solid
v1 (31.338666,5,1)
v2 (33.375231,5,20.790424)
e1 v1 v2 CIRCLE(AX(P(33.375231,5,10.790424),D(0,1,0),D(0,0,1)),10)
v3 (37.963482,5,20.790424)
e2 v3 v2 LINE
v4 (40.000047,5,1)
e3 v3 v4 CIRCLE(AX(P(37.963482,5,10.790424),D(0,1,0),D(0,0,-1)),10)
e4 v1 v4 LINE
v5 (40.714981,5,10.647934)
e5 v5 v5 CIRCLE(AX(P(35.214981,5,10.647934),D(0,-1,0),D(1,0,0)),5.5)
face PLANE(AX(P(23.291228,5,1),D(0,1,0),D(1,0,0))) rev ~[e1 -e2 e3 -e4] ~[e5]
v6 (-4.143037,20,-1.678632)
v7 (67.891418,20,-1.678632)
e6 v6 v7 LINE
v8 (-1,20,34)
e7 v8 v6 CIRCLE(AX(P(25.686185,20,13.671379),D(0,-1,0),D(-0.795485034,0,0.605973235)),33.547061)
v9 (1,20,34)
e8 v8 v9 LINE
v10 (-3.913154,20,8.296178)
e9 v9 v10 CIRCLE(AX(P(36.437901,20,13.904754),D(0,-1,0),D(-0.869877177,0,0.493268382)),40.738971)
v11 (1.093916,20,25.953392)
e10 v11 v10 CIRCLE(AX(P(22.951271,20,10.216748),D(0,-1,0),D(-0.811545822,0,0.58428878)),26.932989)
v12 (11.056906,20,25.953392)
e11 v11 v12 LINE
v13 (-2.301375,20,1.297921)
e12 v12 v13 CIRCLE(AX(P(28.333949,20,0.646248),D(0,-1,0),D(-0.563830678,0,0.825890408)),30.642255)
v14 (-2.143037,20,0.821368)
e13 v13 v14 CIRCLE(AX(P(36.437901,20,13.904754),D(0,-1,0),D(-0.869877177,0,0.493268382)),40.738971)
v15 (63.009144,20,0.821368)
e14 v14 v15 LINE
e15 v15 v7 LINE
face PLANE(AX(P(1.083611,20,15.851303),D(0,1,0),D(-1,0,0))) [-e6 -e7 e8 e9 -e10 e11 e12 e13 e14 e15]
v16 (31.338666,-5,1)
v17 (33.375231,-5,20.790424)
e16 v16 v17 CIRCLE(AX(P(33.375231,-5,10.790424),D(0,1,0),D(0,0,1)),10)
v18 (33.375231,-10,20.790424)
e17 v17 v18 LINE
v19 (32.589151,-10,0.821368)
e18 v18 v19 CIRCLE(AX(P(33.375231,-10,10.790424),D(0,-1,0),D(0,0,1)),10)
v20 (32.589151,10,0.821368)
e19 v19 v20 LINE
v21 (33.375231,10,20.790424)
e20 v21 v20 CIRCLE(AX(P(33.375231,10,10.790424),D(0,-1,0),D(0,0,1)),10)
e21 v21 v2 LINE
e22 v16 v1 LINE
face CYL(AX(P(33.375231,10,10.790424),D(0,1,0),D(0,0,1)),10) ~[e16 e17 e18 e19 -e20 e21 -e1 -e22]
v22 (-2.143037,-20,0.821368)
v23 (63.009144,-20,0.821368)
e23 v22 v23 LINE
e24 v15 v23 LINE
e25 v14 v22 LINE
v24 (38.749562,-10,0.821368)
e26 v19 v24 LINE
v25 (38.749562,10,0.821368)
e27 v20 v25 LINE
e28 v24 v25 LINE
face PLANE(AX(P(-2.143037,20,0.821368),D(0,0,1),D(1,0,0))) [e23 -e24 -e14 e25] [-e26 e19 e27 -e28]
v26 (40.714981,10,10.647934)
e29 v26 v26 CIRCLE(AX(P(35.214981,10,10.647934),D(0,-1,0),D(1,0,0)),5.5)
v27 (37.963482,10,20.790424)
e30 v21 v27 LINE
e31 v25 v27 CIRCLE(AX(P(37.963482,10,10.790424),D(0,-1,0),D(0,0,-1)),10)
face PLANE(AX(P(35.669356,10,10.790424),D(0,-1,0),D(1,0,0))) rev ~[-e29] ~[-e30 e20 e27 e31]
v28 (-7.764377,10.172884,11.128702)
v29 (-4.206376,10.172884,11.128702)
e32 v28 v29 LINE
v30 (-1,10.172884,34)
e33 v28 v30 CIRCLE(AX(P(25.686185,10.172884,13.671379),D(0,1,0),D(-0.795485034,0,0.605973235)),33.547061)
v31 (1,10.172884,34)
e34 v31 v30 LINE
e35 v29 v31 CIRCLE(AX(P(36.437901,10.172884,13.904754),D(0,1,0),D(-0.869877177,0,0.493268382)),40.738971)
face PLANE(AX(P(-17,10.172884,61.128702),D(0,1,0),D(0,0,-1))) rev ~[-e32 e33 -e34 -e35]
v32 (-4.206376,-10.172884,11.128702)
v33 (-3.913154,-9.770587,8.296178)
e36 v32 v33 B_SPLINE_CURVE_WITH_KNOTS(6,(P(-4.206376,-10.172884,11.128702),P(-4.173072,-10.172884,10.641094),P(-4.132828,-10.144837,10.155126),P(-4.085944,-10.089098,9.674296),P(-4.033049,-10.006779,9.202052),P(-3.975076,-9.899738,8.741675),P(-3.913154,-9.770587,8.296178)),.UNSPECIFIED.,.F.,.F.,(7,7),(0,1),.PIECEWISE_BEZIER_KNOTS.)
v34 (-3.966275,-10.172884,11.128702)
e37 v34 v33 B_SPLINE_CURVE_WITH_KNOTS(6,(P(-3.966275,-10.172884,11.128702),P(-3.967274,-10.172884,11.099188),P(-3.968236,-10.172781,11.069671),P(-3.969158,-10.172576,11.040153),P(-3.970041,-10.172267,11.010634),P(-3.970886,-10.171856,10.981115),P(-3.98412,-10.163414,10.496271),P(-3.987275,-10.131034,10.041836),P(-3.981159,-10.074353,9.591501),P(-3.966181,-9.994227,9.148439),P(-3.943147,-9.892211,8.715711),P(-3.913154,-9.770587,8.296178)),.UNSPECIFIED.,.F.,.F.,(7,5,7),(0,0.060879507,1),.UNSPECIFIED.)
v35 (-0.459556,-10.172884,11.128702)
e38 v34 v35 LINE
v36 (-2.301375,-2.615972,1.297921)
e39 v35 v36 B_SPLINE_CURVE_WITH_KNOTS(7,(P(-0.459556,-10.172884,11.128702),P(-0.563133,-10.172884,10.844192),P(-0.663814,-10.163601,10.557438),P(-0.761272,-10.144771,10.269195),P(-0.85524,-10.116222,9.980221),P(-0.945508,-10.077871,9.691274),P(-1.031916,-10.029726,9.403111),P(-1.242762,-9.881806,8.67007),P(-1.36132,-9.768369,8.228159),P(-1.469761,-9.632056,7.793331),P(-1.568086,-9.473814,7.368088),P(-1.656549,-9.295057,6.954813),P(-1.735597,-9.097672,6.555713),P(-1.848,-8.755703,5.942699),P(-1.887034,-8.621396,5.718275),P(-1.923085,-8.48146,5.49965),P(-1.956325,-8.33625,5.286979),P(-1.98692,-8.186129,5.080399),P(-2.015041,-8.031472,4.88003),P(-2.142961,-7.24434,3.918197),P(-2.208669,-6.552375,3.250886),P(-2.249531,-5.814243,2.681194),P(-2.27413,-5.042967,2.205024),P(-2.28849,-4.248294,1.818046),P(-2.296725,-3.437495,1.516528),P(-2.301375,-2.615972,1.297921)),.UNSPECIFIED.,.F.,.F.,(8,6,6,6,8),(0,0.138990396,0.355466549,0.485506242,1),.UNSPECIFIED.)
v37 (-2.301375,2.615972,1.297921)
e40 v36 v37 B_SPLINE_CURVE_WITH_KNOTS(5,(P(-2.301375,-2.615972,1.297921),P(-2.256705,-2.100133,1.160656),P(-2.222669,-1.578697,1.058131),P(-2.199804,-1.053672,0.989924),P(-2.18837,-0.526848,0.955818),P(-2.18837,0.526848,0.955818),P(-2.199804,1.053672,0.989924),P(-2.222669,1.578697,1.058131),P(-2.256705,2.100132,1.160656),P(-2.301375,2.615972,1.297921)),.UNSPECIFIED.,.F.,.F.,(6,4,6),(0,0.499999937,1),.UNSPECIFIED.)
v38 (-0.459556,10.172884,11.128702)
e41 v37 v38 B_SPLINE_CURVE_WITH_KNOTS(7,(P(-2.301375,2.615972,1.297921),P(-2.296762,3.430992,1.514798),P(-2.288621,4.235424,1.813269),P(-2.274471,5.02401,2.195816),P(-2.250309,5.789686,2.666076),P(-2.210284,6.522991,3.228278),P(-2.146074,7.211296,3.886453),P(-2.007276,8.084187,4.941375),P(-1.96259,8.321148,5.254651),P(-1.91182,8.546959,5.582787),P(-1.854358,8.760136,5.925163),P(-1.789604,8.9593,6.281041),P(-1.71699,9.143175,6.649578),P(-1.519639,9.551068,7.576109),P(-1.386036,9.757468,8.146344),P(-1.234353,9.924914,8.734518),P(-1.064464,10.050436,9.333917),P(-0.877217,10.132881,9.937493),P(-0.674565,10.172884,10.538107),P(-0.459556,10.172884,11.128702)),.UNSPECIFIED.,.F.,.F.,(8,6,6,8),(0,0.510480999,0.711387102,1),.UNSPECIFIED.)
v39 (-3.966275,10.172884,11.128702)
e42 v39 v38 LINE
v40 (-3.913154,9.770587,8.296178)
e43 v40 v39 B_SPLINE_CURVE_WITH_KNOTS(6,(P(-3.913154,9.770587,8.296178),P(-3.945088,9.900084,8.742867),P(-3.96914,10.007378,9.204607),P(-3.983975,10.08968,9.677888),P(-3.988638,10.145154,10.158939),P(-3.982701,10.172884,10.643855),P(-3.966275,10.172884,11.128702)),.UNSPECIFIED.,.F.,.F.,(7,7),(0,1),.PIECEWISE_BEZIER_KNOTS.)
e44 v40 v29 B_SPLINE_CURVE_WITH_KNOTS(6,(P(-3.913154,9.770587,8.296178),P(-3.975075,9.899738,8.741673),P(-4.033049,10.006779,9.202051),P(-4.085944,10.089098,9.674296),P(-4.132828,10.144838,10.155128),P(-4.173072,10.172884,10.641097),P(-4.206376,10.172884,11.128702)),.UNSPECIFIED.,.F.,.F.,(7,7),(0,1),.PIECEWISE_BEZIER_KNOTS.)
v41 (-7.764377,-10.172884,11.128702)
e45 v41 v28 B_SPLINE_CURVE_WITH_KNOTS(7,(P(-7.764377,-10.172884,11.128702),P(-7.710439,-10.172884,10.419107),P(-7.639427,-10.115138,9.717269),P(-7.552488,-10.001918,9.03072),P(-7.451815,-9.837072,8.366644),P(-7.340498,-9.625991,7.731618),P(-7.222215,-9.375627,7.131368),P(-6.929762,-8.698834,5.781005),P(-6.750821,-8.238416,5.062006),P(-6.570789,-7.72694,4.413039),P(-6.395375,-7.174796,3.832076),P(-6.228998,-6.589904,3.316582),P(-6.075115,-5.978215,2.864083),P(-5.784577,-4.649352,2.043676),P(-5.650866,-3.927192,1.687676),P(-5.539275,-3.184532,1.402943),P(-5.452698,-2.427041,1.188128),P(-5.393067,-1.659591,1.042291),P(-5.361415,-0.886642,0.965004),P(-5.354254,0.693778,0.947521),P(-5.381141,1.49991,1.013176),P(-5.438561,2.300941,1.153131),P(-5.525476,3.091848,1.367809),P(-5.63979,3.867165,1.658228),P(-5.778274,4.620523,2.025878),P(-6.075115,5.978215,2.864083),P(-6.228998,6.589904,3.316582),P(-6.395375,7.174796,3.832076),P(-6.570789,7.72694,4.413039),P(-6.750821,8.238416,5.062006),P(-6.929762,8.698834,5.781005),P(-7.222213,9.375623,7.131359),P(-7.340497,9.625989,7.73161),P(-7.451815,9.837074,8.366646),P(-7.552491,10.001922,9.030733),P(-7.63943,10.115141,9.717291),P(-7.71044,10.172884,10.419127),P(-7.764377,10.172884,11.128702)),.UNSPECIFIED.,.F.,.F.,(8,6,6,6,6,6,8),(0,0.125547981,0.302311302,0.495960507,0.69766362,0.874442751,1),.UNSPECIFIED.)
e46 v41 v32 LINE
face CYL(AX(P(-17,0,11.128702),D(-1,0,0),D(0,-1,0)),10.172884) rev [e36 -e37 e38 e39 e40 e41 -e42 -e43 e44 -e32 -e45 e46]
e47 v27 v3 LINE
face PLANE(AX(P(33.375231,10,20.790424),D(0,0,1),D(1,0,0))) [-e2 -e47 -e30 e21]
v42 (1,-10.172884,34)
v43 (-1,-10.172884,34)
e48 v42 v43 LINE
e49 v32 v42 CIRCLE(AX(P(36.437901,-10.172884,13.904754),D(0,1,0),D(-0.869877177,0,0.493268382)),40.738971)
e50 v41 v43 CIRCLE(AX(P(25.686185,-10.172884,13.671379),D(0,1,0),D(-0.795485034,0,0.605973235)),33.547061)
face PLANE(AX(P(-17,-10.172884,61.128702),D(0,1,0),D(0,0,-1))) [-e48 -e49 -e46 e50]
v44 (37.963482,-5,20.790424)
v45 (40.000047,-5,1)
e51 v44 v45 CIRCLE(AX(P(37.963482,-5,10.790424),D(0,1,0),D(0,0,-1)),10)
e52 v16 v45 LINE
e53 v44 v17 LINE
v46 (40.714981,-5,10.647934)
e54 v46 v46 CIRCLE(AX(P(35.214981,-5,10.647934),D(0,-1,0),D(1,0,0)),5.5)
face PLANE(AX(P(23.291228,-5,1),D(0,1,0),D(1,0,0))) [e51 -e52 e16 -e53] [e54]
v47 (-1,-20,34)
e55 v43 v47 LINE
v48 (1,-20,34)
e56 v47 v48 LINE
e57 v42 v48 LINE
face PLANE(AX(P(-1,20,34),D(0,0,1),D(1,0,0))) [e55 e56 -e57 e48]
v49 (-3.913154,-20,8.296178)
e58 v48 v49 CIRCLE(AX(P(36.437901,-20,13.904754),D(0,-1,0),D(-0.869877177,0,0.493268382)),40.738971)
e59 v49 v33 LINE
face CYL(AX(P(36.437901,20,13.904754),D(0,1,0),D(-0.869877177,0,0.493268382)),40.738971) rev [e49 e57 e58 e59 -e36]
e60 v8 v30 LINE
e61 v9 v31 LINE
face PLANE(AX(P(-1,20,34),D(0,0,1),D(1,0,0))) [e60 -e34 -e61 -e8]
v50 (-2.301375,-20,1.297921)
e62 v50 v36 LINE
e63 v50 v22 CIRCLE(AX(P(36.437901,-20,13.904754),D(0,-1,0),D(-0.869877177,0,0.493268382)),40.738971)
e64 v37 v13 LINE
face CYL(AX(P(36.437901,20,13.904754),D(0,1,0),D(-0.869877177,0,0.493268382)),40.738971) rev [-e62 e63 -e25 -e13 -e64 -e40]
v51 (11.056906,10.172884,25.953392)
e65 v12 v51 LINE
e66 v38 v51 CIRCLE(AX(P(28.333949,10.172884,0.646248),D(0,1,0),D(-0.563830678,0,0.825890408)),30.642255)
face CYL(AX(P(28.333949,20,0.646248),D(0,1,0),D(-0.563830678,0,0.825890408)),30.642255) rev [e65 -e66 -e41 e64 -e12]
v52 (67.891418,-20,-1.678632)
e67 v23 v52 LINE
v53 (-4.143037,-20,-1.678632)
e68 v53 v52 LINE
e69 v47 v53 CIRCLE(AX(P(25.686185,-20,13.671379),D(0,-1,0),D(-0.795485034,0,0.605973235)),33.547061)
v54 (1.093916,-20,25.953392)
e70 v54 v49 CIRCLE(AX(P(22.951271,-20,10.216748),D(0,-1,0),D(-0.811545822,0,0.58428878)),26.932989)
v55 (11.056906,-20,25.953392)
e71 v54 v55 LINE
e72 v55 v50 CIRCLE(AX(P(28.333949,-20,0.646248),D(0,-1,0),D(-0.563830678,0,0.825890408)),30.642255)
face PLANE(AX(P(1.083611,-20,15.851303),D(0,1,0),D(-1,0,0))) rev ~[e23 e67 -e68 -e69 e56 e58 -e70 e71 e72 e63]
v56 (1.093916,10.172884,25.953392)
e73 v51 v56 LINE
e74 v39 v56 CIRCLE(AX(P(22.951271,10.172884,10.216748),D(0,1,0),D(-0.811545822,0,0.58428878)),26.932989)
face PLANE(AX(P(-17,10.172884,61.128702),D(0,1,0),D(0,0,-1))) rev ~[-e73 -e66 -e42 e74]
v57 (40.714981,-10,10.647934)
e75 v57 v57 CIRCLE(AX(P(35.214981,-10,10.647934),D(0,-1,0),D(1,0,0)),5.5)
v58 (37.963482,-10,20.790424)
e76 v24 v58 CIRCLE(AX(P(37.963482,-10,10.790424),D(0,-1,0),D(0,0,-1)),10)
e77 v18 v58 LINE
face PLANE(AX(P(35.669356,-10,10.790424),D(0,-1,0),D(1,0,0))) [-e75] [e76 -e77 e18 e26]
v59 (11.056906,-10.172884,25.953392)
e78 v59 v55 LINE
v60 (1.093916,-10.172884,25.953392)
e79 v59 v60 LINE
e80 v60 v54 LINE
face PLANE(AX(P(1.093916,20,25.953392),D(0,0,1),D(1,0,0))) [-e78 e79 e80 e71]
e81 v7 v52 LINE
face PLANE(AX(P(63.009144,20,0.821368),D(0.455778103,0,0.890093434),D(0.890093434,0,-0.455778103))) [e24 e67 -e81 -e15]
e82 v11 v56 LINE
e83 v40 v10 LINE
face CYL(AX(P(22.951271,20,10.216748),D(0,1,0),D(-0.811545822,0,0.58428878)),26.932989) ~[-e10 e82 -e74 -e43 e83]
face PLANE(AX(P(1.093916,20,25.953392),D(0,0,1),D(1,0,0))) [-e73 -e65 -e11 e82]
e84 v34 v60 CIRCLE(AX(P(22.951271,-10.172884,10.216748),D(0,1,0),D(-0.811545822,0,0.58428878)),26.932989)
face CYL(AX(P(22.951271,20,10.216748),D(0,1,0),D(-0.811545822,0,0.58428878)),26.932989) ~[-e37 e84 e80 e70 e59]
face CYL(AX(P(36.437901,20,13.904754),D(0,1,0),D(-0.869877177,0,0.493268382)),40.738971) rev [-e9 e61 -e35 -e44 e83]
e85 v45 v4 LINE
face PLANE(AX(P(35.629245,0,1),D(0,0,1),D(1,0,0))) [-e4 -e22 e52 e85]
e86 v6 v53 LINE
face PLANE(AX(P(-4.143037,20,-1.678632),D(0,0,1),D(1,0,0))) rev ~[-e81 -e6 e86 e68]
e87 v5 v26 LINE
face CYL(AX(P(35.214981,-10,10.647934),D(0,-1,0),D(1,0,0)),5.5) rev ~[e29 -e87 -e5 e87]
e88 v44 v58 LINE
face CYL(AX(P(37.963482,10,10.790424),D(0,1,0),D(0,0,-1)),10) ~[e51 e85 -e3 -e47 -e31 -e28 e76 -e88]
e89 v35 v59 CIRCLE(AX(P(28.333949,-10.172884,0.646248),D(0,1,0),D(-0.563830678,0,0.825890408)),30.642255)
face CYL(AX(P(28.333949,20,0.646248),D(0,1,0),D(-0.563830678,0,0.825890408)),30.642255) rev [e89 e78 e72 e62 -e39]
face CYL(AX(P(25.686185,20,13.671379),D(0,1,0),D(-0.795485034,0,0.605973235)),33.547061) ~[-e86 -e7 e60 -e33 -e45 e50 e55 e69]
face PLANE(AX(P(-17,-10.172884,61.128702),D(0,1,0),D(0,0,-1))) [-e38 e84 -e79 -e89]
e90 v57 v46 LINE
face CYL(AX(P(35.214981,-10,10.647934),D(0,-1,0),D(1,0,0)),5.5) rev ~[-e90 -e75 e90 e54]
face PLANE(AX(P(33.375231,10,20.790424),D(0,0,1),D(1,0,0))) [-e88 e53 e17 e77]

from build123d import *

# Parameters (mm, degrees)
PAD008_DEPTH = 30
SKETCH003_W  = 24.676034
SKETCH003_H  = 10
PAD002_DEPTH = 25
PAD001_DEPTH = 20
SKETCH002_R  = 5.5
POCKET_DEPTH = 24
PAD007_DEPTH = 40
PAD_DEPTH    = 40


with BuildPart() as pad008:
    # Sketch009 → Pad008 (new body)
    with BuildSketch(Plane.YZ.offset(-17)):
        with BuildLine():
            ThreePointArc((10.172884, 61.128702), (0, 71.301585), (-10.172884, 61.128702))
            Line((-10.172884, 61.128702), (-10.172884, 11.128702))
            ThreePointArc((-10.172884, 11.128702), (0, 0.955818), (10.172884, 11.128702))
            Line((10.172884, 61.128702), (10.172884, 11.128702))
        make_face()
    extrude(amount=PAD008_DEPTH)


with BuildPart() as pad002:
    # Sketch003 → Pad002 (new body)
    with BuildSketch(Plane(origin=(10, 0, 1), x_dir=(1, 0, 0), z_dir=(0, 0, 1))):
        with Locations((25.629245, 0)):
            Rectangle(SKETCH003_W, SKETCH003_H)
    extrude(amount=PAD002_DEPTH)


with BuildPart() as cut:
    # Sketch001 → Pad001 (new body)
    with BuildSketch(Plane(origin=(10, 10, 0), x_dir=(1, 0, 0), z_dir=(0, -1, 0))):
        with BuildLine():
            ThreePointArc((23.375231, 20.790424), (13.375231, 10.790424), (23.375231, 0.790424))
            Line((23.375231, 0.790424), (27.963482, 0.790424))
            ThreePointArc((27.963482, 0.790424), (37.963482, 10.790424), (27.963482, 20.790424))
            Line((23.375231, 20.790424), (27.963482, 20.790424))
        make_face()
    extrude(amount=PAD001_DEPTH)

    # Sketch002 → Pocket (cut)
    with BuildSketch(Plane(origin=(10, -10, 0), x_dir=(1, 0, 0), z_dir=(0, -1, 0))):
        with Locations((25.214981, 10.647934)):
            Circle(SKETCH002_R)
    extrude(amount=-POCKET_DEPTH, mode=Mode.SUBTRACT)

    # Cut: cut Pad002
    add(pad002.part, mode=Mode.SUBTRACT)


with BuildPart() as pad007:
    # Sketch008 → Pad007 (new body)
    with BuildSketch(Plane.XZ.offset(-20)):
        with BuildLine():
            ThreePointArc((11.056906, 25.953392), (1.290425, 15.054425), (-2.307496, 0.868989))
            ThreePointArc((1.093916, 25.953392), (-3.737473, 13.835707), (-2.307496, 0.868989))
            Line((1.093916, 25.953392), (11.056906, 25.953392))
        make_face()
    extrude(amount=PAD007_DEPTH)


with BuildPart() as cut001:
    # Sketch → Pad (new body)
    with BuildSketch(Plane.XZ.offset(-20)):
        with BuildLine():
            Line((-4.143037, -1.678632), (67.891418, -1.678632))
            Line((63.009144, 0.821368), (67.891418, -1.678632))
            Line((-2.143037, 0.821368), (63.009144, 0.821368))
            ThreePointArc((1, 34), (-4.119497, 17.746787), (-2.143037, 0.821368))
            Line((-1, 34), (1, 34))
            ThreePointArc((-1, 34), (-7.73146, 16.615239), (-4.143037, -1.678632))
        make_face()
    extrude(amount=PAD_DEPTH)

    # Fusion001: union Cut, Pad007
    add(cut.part)
    add(pad007.part)

    # Cut001: cut Pad008
    add(pad008.part, mode=Mode.SUBTRACT)


solid = cut001.part
